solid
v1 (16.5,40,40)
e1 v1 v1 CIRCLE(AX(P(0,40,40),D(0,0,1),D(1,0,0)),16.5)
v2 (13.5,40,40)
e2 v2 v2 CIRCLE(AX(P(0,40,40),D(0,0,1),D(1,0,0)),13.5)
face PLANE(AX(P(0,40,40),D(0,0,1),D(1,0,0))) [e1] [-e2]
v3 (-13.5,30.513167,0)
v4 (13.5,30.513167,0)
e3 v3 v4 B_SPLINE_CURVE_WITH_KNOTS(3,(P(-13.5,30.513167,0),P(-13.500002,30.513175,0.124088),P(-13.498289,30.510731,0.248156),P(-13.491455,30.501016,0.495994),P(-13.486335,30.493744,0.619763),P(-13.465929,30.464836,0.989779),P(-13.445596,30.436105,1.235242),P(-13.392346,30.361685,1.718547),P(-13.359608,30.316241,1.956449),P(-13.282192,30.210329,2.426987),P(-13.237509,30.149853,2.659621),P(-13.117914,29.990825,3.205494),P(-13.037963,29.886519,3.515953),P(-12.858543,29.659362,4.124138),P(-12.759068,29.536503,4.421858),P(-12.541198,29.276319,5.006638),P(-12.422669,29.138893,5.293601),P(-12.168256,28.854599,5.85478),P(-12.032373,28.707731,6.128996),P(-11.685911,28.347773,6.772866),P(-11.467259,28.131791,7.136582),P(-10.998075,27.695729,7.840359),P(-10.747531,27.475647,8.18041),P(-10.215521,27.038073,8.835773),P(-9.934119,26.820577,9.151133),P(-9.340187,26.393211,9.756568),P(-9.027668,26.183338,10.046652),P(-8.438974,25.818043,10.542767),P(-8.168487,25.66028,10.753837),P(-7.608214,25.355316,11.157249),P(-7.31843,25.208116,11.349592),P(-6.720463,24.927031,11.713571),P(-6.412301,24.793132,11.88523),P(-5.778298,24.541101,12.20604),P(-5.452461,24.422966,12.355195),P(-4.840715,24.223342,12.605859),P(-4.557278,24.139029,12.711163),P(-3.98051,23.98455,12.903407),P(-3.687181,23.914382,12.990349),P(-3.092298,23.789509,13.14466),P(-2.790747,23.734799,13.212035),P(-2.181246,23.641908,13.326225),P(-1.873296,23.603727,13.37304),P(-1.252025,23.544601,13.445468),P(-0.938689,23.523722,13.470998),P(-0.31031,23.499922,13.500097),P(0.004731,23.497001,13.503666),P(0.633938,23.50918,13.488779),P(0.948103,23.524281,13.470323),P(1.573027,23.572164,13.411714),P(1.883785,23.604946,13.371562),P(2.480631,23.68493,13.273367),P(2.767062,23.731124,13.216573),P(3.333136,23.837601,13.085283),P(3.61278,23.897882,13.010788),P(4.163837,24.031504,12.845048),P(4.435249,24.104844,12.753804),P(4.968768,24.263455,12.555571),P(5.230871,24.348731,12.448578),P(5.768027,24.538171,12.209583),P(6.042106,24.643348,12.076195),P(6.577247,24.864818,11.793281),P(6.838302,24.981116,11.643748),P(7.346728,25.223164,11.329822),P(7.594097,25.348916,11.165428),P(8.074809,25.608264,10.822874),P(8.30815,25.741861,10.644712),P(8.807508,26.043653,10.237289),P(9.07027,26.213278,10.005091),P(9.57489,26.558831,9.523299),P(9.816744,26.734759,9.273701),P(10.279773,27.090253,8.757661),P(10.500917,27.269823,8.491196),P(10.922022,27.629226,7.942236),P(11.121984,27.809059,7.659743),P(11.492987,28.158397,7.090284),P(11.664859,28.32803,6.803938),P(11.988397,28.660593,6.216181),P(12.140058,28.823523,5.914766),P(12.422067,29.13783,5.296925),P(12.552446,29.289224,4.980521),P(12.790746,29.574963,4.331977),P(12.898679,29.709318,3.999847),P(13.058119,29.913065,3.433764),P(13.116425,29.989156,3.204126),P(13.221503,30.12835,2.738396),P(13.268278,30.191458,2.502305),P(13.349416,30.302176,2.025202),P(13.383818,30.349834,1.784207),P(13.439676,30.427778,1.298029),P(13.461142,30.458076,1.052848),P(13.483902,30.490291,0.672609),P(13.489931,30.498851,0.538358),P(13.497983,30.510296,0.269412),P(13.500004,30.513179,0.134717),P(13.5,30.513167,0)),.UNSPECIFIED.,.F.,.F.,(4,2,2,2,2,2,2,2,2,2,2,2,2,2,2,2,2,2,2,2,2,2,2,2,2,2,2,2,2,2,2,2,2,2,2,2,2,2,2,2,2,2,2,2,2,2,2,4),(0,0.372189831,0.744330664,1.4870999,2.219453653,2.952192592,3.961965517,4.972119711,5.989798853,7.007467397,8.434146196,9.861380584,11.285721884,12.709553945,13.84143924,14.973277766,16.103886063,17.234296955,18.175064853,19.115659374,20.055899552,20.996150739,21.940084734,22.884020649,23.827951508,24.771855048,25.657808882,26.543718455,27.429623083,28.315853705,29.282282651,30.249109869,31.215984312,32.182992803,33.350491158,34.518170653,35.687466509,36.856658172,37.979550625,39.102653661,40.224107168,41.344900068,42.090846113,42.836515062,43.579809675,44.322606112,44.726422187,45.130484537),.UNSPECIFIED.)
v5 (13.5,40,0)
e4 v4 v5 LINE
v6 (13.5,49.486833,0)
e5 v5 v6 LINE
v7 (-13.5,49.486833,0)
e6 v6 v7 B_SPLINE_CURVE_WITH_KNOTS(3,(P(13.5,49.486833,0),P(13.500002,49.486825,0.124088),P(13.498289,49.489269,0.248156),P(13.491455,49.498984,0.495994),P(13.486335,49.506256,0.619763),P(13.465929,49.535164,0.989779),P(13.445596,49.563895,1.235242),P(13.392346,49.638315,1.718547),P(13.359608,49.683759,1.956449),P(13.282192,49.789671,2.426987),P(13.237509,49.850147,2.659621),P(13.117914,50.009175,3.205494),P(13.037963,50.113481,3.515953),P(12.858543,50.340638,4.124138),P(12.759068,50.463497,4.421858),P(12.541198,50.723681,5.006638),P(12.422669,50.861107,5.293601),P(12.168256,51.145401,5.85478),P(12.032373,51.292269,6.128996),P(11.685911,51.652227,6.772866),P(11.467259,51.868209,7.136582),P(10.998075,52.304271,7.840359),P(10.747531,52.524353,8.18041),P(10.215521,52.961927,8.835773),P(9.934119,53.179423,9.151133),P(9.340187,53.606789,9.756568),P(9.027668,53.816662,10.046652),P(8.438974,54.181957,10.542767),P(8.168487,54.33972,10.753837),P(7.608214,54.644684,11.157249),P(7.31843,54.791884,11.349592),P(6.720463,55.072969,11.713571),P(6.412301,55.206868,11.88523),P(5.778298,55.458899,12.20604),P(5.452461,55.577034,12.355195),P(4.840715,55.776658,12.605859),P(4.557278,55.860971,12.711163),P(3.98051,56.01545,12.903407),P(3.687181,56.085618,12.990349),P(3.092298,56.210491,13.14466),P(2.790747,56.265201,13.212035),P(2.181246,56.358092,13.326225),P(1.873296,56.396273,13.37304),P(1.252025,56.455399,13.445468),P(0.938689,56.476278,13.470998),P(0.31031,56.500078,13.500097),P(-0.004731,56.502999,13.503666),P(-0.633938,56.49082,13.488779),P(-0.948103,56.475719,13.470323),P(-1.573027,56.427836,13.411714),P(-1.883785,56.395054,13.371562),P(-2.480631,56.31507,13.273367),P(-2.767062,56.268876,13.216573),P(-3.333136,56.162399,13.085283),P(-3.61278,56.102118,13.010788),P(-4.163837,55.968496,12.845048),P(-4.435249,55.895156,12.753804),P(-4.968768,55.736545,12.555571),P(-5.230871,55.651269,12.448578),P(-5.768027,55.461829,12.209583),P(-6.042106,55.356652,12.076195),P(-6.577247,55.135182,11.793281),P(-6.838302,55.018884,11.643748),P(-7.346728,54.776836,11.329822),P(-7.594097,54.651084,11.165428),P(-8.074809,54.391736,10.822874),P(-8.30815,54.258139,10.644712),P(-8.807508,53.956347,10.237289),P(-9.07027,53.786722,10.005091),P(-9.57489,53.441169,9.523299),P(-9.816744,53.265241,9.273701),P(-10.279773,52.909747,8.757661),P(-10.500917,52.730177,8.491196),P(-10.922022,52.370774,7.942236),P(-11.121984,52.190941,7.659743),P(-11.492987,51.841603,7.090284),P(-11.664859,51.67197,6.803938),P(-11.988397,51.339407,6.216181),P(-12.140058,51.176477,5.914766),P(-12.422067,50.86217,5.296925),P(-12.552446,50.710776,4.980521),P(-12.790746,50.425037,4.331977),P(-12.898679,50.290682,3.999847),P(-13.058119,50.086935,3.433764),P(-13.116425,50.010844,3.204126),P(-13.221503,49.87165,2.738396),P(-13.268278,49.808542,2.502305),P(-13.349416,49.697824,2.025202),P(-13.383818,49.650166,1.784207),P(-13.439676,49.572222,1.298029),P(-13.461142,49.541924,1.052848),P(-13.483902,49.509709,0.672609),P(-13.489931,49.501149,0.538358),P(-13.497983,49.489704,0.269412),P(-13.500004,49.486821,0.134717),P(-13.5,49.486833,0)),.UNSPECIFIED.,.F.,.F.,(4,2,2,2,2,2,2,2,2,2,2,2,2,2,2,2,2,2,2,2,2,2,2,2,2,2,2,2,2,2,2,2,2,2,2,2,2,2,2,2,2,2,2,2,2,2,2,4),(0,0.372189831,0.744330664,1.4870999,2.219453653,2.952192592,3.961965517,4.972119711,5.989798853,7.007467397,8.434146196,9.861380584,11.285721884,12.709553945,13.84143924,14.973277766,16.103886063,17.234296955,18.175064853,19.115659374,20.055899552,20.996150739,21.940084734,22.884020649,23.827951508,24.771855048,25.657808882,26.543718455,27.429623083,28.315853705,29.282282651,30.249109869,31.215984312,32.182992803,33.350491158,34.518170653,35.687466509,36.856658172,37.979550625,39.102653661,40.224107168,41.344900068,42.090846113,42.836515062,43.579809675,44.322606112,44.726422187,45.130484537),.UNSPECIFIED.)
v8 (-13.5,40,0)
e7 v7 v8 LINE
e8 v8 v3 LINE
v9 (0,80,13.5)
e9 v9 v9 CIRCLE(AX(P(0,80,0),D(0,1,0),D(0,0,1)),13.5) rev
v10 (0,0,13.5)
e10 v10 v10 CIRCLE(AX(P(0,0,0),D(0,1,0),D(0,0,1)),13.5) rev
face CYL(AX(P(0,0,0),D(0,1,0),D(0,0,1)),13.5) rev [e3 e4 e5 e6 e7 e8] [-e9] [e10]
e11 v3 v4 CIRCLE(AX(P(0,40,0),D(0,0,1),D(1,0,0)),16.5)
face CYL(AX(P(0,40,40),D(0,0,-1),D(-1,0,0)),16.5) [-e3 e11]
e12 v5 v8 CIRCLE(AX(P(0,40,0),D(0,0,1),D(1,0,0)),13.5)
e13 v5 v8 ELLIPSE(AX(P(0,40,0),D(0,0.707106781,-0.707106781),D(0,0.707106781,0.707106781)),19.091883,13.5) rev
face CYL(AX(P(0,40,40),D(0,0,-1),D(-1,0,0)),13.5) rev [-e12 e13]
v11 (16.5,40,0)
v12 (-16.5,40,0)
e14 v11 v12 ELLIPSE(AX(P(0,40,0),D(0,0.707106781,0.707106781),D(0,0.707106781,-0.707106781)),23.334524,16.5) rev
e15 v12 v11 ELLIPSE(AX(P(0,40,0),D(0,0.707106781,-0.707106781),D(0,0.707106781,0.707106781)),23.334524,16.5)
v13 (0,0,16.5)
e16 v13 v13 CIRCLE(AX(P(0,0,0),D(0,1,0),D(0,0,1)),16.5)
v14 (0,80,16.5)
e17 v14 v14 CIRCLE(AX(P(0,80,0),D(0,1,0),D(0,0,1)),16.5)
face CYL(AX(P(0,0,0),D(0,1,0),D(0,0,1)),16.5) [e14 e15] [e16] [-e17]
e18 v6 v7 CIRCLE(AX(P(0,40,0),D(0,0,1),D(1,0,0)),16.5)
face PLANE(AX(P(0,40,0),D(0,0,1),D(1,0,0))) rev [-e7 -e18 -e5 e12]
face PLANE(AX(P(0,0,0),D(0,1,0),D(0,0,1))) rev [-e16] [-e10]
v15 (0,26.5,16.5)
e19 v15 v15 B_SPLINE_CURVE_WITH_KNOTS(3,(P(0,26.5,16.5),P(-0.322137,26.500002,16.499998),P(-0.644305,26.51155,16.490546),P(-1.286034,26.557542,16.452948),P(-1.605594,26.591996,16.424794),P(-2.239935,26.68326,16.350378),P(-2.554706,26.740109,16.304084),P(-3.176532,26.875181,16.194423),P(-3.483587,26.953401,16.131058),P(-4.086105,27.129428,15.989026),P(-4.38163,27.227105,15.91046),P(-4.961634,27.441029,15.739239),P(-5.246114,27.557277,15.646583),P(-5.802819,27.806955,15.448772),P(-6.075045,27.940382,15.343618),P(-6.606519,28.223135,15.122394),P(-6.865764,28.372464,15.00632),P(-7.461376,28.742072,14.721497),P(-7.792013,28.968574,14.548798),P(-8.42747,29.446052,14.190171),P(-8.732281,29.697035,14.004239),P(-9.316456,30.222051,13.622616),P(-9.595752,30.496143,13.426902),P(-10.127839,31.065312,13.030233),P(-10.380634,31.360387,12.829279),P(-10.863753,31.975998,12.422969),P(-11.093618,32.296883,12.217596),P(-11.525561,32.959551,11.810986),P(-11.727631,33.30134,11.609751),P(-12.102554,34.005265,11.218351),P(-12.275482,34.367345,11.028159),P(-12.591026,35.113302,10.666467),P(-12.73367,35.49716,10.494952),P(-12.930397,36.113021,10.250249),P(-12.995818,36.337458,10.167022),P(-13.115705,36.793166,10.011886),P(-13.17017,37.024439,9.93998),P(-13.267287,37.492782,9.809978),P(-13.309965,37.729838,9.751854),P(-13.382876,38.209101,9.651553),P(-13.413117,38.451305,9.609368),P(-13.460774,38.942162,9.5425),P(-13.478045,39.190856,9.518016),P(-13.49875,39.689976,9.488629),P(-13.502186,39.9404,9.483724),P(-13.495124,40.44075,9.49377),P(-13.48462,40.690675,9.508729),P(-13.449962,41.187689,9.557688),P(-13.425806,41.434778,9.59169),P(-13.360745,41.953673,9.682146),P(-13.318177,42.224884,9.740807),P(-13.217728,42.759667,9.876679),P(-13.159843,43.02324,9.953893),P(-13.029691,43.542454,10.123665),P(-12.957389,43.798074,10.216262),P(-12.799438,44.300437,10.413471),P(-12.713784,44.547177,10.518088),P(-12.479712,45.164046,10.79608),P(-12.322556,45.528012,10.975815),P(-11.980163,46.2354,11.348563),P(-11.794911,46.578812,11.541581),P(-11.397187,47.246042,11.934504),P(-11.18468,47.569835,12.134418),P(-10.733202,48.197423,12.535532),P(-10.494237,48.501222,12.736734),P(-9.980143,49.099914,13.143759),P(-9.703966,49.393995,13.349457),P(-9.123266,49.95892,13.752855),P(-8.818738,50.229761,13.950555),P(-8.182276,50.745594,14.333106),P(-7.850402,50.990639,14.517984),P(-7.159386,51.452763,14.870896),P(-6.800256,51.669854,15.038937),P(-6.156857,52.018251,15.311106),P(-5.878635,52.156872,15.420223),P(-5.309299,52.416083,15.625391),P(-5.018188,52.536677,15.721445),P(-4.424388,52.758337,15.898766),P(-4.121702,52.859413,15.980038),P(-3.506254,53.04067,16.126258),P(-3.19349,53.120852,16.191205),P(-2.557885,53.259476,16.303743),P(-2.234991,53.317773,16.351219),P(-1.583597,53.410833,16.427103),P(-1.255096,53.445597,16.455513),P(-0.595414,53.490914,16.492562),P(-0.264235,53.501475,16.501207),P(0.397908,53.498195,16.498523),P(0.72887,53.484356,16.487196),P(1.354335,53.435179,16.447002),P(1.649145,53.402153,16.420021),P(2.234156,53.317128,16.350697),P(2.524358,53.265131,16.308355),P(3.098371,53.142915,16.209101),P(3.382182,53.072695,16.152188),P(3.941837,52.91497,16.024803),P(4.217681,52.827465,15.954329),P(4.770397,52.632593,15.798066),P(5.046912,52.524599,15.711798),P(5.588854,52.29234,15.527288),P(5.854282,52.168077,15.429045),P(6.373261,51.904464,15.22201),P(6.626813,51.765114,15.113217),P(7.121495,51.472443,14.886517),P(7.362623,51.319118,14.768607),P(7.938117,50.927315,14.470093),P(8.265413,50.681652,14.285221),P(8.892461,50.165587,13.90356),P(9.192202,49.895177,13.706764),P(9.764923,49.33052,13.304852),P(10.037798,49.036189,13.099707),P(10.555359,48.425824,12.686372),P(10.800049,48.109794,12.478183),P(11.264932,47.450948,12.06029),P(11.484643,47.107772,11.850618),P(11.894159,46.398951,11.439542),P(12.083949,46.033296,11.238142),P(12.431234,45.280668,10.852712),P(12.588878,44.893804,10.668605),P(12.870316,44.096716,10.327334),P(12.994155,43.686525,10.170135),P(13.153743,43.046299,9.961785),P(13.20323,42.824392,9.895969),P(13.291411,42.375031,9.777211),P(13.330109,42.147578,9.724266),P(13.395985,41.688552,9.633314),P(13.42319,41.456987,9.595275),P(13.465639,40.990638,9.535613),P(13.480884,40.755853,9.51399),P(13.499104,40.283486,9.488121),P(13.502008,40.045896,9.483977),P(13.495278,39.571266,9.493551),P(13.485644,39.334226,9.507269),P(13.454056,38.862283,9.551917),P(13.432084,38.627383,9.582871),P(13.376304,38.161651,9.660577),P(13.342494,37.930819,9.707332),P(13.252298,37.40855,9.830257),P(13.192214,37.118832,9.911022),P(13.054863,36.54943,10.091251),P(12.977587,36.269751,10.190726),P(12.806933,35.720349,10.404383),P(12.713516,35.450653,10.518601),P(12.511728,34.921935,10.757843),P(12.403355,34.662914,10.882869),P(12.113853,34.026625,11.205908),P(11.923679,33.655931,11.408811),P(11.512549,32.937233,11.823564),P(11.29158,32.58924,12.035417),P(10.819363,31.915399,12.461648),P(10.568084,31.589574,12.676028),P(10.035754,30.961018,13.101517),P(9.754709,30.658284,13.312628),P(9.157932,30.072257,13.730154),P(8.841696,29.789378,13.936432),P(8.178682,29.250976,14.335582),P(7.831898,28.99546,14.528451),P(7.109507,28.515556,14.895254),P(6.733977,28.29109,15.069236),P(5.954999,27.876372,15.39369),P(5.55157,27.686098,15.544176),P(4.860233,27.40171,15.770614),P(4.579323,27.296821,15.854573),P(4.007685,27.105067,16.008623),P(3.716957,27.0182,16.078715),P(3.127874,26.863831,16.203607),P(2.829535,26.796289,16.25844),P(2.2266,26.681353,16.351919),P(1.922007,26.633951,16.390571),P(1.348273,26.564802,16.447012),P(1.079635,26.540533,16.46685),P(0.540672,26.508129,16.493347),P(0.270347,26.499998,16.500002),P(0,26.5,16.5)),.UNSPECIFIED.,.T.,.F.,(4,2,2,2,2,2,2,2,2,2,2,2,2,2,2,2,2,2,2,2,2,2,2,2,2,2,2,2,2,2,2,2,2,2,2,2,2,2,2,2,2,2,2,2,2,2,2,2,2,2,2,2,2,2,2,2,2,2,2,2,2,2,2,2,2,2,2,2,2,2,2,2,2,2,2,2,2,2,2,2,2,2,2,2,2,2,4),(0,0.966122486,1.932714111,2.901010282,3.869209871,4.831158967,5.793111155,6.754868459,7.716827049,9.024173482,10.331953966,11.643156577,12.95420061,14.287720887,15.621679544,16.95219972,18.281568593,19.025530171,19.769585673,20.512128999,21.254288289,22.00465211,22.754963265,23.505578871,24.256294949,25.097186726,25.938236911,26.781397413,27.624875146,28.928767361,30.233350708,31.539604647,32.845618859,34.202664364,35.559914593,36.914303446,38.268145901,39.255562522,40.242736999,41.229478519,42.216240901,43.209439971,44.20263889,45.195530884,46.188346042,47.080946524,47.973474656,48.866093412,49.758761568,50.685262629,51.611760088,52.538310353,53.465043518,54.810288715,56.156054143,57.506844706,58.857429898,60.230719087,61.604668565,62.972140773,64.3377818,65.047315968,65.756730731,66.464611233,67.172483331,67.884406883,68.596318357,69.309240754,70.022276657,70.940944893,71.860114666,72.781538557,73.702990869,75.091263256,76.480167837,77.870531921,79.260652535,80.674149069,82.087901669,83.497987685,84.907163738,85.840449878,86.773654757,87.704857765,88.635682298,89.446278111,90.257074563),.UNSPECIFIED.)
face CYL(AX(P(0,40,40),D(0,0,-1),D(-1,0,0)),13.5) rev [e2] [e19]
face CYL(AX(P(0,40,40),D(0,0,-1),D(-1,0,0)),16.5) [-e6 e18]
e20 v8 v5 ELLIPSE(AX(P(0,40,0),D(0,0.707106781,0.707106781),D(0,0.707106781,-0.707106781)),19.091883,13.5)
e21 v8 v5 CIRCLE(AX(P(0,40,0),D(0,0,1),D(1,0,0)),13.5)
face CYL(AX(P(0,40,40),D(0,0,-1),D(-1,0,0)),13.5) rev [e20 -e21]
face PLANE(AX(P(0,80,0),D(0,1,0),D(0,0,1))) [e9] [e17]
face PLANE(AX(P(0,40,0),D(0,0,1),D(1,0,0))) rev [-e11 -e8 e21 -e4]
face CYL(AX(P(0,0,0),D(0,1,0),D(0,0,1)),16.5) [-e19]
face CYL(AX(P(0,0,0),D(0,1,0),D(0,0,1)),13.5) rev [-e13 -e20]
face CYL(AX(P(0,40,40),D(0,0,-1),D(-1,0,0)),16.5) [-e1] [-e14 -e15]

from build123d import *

# Parameters (mm, degrees)
SKETCH1_R           = 16.5
SKETCH1_R_2         = 13.5
SKETCH4_R           = 16.5
SKETCH4_R_2         = 13.5
BOSS_EXTRUDE2_DEPTH = 40


with BuildPart() as part:
    # Sweep2: sweep along a path in Sketch3
    with BuildLine(Plane.XY) as sweep2_path:
        Line((0, 0), (0, 80))
    # Sketch1 → Sweep2 (sweep)
    with BuildSketch(Plane(origin=(0, 0, 0), x_dir=(1, 0, 0), z_dir=(0, 1, 0))):
        Circle(SKETCH1_R)
        Circle(SKETCH1_R_2, mode=Mode.SUBTRACT)
    sweep(path=sweep2_path.line)

    # Sketch4 → Boss-Extrude2 (add)
    with BuildSketch(Plane.XY):
        with Locations((0, 40)):
            Circle(SKETCH4_R)
        with Locations((0, 40)):
            Circle(SKETCH4_R_2, mode=Mode.SUBTRACT)
    extrude(amount=BOSS_EXTRUDE2_DEPTH)


solid = part.part
